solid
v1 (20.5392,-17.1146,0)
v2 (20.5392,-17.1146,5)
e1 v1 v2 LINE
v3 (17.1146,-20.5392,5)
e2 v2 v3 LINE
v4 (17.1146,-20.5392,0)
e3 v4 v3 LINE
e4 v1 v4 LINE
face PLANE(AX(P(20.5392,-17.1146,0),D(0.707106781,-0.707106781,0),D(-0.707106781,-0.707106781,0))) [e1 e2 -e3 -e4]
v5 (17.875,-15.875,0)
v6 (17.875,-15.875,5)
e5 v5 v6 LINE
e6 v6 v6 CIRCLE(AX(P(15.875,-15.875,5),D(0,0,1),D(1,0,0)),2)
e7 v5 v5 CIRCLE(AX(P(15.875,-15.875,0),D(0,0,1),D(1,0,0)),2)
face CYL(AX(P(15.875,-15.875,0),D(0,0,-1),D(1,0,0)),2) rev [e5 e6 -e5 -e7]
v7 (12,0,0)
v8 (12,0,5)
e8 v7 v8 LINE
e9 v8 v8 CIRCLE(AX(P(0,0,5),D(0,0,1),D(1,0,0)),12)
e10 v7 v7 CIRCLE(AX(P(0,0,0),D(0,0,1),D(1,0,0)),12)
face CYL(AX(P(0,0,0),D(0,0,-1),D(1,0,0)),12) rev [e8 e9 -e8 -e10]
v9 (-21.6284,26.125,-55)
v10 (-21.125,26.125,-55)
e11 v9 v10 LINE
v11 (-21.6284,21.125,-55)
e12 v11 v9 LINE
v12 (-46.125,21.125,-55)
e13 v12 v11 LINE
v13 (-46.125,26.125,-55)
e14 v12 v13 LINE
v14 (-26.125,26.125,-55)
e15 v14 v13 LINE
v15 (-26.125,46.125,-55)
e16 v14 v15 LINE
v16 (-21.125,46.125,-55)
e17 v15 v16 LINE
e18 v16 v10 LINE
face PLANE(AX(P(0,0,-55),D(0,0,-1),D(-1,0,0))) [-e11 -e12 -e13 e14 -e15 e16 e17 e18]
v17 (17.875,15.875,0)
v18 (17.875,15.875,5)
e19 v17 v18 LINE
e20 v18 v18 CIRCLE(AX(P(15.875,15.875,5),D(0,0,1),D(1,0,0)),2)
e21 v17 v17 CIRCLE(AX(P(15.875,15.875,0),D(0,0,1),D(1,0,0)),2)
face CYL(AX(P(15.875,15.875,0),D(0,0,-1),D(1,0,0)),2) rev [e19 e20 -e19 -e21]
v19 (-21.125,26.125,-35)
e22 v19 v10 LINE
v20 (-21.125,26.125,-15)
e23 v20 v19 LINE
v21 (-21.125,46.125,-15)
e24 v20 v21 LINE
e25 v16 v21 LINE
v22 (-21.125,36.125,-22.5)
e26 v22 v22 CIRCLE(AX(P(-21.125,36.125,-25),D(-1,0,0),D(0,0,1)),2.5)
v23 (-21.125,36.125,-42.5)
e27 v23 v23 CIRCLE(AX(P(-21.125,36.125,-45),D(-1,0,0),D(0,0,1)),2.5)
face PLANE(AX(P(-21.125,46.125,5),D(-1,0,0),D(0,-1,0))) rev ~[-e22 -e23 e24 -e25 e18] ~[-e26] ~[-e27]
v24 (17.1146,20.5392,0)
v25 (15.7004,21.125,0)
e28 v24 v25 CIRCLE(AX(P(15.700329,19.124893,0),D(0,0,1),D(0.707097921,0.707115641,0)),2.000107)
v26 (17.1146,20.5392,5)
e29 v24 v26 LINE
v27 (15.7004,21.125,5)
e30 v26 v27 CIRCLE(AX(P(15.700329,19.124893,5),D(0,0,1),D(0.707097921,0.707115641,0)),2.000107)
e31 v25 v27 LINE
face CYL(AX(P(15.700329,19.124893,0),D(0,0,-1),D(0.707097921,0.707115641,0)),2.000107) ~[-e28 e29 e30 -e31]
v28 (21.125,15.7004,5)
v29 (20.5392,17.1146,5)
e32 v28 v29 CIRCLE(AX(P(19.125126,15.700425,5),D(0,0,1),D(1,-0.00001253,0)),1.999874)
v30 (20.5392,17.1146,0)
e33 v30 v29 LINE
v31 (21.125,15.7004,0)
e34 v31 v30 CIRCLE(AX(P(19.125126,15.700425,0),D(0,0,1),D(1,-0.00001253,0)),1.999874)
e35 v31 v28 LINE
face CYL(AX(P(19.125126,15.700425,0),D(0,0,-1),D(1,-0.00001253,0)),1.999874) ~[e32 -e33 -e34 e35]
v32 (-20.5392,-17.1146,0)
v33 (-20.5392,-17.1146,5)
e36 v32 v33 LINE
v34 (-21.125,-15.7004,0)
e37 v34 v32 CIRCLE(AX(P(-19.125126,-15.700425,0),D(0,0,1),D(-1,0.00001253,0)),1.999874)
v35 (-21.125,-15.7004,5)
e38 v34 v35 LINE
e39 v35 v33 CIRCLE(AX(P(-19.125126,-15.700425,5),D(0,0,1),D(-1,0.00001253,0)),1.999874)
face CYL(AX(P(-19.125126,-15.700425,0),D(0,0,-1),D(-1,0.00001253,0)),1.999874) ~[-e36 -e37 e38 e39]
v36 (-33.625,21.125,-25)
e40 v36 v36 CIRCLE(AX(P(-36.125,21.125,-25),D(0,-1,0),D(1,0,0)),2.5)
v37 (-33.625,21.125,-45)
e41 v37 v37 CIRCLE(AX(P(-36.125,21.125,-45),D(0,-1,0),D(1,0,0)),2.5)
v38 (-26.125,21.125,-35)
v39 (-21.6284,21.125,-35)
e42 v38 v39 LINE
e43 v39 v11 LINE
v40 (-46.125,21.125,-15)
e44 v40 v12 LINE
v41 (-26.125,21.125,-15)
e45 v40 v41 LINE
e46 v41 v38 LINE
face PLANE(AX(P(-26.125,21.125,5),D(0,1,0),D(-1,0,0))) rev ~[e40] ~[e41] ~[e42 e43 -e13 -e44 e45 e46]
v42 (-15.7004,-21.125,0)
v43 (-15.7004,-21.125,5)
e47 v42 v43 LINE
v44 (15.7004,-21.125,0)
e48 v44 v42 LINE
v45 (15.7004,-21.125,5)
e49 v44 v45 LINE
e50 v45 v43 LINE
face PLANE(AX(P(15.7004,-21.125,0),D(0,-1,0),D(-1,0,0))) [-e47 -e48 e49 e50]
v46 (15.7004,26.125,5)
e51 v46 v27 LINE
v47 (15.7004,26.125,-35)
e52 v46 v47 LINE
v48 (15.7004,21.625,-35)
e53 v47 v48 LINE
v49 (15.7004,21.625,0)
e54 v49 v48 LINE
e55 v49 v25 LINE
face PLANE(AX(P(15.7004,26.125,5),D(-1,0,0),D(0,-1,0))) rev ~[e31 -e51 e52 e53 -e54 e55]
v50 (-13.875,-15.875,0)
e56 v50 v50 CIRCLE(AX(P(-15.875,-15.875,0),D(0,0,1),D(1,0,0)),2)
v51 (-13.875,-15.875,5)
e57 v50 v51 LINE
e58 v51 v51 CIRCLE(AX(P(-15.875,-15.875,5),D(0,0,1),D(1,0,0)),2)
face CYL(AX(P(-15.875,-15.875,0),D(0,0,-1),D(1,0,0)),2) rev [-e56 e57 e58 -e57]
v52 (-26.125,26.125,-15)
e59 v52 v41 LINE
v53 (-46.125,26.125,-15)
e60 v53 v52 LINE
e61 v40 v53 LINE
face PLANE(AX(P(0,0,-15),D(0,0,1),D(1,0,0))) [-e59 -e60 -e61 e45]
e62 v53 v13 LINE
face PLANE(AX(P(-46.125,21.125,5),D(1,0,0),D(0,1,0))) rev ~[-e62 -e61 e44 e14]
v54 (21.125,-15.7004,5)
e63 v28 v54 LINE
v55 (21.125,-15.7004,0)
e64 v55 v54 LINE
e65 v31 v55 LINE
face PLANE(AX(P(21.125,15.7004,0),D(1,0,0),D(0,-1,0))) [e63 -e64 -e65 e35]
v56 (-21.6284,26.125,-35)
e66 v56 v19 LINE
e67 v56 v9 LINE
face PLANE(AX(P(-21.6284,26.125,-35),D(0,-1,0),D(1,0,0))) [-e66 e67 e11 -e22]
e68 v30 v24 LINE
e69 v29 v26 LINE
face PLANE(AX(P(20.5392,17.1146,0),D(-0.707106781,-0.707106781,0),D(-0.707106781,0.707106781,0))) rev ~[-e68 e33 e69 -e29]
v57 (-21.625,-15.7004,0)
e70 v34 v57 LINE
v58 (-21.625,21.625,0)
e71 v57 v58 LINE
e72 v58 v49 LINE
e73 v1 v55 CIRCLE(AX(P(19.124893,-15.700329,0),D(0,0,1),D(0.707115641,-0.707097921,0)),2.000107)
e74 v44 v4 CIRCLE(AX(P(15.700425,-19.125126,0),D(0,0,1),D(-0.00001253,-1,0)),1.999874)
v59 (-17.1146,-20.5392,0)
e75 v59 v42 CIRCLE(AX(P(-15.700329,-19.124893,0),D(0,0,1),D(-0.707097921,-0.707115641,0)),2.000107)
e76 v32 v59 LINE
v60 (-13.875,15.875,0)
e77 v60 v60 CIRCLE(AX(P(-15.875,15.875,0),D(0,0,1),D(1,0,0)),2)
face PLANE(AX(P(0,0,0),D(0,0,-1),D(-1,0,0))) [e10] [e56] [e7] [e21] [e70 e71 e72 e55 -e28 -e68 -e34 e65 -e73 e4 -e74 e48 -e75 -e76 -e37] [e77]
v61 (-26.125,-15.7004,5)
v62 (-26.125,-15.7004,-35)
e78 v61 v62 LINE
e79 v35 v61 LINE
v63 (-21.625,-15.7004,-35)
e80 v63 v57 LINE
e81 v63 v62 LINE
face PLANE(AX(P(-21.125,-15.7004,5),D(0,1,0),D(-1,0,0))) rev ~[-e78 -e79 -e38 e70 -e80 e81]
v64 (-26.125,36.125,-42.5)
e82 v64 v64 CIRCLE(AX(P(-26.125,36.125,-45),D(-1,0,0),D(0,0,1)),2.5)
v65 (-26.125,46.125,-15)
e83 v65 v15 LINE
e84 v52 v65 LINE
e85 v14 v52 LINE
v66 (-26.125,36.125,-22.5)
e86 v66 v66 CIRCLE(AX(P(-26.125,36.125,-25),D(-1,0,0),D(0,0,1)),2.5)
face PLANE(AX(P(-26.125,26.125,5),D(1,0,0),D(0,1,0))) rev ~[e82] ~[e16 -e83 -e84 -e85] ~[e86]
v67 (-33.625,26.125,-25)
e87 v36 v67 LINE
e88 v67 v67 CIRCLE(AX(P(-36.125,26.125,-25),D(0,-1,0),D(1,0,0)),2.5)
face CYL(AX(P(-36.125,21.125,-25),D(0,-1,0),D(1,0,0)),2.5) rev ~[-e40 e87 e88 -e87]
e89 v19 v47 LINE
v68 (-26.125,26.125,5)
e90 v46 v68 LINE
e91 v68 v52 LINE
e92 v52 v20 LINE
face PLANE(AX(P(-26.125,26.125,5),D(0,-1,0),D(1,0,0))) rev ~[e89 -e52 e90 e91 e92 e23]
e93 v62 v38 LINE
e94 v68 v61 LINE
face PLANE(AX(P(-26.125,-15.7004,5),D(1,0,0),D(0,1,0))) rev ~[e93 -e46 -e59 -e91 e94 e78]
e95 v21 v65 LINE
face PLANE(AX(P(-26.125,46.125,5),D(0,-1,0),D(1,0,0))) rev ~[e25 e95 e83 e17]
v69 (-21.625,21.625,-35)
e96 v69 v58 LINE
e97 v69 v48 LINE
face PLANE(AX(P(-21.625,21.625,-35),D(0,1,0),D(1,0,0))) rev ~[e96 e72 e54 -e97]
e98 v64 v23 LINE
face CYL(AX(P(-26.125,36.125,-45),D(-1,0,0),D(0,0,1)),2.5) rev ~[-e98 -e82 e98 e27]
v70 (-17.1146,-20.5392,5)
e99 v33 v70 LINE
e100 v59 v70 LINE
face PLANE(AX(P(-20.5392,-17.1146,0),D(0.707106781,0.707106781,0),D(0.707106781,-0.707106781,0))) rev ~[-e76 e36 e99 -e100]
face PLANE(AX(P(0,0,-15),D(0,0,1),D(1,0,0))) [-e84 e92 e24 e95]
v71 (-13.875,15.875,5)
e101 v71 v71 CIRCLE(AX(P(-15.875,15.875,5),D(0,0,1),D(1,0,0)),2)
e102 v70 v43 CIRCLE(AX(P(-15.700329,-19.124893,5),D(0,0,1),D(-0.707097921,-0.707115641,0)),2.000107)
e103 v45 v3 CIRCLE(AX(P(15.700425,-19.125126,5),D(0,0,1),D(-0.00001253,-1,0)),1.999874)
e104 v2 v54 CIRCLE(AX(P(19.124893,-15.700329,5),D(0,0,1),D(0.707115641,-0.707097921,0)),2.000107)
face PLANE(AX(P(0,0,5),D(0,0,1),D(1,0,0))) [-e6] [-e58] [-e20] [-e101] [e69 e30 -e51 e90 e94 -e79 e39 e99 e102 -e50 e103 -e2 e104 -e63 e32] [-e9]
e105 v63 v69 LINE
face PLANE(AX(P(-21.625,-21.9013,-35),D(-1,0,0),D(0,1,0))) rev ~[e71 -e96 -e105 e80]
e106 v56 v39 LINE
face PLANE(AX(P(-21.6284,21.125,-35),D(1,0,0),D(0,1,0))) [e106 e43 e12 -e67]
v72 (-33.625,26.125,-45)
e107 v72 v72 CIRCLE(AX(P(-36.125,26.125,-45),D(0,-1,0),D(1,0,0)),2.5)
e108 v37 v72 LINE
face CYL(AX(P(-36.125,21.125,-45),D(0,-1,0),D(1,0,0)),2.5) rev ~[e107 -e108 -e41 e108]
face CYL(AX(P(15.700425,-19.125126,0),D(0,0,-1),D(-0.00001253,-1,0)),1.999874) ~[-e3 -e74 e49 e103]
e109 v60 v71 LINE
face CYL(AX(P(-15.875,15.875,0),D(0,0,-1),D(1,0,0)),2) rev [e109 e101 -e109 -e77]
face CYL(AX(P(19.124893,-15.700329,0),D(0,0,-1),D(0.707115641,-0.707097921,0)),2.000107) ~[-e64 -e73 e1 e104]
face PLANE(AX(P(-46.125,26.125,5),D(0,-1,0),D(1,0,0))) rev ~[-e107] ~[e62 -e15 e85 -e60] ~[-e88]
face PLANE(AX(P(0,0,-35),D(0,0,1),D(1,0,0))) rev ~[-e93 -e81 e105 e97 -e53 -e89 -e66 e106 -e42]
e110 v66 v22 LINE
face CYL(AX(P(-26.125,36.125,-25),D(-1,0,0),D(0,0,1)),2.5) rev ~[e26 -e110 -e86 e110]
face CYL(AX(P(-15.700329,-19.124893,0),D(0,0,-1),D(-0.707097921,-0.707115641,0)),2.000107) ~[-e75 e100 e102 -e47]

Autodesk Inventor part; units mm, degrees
ref_plane "YZ Plane" through (0, 0, 0) normal (1, 0, 0) x (0, 1, 0)
ref_plane "XZ Plane" through (0, 0, 0) normal (0, 1, 0) x (-1, 0, 0)
ref_plane "XY Plane" through (0, 0, 0) normal (0, 0, 1) x (1, 0, 0)
sketch "Sketch1" plane through (0, 0, 0) normal (0, 0, 1) x (1, 0, 0)
  arc A0 (-20.5392, 17.1146) -> (-21.125, 15.7004) centre (-19.125, 15.7004) ccw projected
  line L0 (-21.125, -15.7004) -> (-21.125, 15.7004) projected
  arc A1 (-21.125, -15.7004) -> (-20.5392, -17.1146) centre (-19.125, -15.7004) ccw projected
  line L1 (-20.5392, -17.1146) -> (-17.1146, -20.5392) projected
  arc A2 (-17.1146, -20.5392) -> (-15.7004, -21.125) centre (-15.7004, -19.125) ccw projected
  line L2 (15.7004, -21.125) -> (-15.7004, -21.125) projected
  arc A3 (15.7004, -21.125) -> (17.1146, -20.5392) centre (15.7004, -19.125) ccw projected
  line L3 (20.5392, -17.1146) -> (17.1146, -20.5392) projected
  arc A4 (20.5392, -17.1146) -> (21.125, -15.7004) centre (19.125, -15.7004) ccw projected
  line L4 (21.125, 15.7004) -> (21.125, -15.7004) projected
  arc A5 (21.125, 15.7004) -> (20.5392, 17.1146) centre (19.125, 15.7004) ccw projected
  line L5 (20.5392, 17.1146) -> (17.1146, 20.5392) projected
  arc A6 (17.1146, 20.5392) -> (15.7004, 21.125) centre (15.7004, 19.125) ccw projected
  line L6 (-15.7004, 21.125) -> (15.7004, 21.125) projected
  arc A7 (-15.7004, 21.125) -> (-17.1146, 20.5392) centre (-15.7004, 19.125) ccw projected
  line L7 (-20.5392, 17.1146) -> (-17.1146, 20.5392) projected
  circle A8 centre (0, 0) radius 16 projected
  circle A9 centre (-15.875, -15.875) radius 1.625 projected
  circle A10 centre (15.875, 15.875) radius 1.625 projected
  circle A11 centre (-15.875, 15.875) radius 1.625 projected
  circle A12 centre (15.875, -15.875) radius 1.625 projected
  circle A13 centre (0, 0) radius 12
  circle A14 centre (-15.875, 15.875) radius 2
  circle A15 centre (15.875, 15.875) radius 2
  circle A16 centre (15.875, -15.875) radius 2
  circle A17 centre (-15.875, -15.875) radius 2
  point P0 (0, 0)
  dimension "d0" = 24
  dimension "d1" = 4
  dimension "d2" = 4
  dimension "d3" = 4
  dimension "d4" = 4
extrude "Extrusion1" add sketch "Sketch1" along normal blind 5 contours L7 A7 L6 A6 L5 A5 L4 A4 L3 A3 L2 A2 L1 A1 L0 A0 | A8
sketch "Sketch3" plane through (0, 0, 5) normal (0, 0, 1) x (1, 0, 0)
  line L0 (-15.7004, 21.125) -> (15.7004, 21.125) projected
  line L1 (15.7004, 21.125) -> (-46.125, 21.125)
  line L2 (-46.125, 21.125) -> (-46.125, 26.125)
  line L3 (-46.125, 26.125) -> (15.7004, 26.125)
  line L4 (15.7004, 26.125) -> (15.7004, 21.125)
  line L5 (-21.125, 15.7004) -> (-21.125, -15.7004) projected
  line L6 (-21.125, -15.7004) -> (-26.125, -15.7004)
  line L7 (-26.125, -15.7004) -> (-26.125, 46.125)
  line L8 (-26.125, 46.125) -> (-21.125, 46.125)
  line L9 (-21.125, 46.125) -> (-21.125, -15.7004)
  point P0 (0, 0)
  dimension "d11" = 5
  dimension "d12" = 5
  dimension "d13" = 20
  dimension "d14" = 20
extrude "Extrusion3" add sketch "Sketch3" against normal blind 40
sketch "Sketch4" plane through (0, 0, 5) normal (0, 0, 1) x (1, 0, 0)
  arc A0 (-15.7004, 21.125) -> (-17.1146, 20.5392) centre (-15.7004, 19.125) ccw projected
  line L0 (-17.1146, 20.5392) -> (-20.5392, 17.1146) projected
  arc A1 (-20.5392, 17.1146) -> (-21.125, 15.7004) centre (-19.125, 15.7004) ccw projected
  line L1 (-21.125, 21.125) -> (-21.125, 15.7004) projected
  line L2 (-15.7004, 21.125) -> (-21.125, 21.125) projected
  circle A2 centre (0, 0) radius 12 projected
  circle A3 centre (-15.875, -15.875) radius 2 projected
  circle A4 centre (15.875, -15.875) radius 2 projected
  circle A5 centre (15.875, 15.875) radius 2 projected
  circle A6 centre (-15.875, 15.875) radius 2 projected
  line L3 (15.7004, 26.125) -> (15.7004, 21.125) projected
  line L4 (-21.125, 26.125) -> (15.7004, 26.125) projected
  line L5 (-21.125, 46.125) -> (-21.125, 26.125) projected
  line L6 (-26.125, 46.125) -> (-21.125, 46.125) projected
  line L7 (-26.125, 26.125) -> (-26.125, 46.125) projected
  line L8 (-46.125, 26.125) -> (-26.125, 26.125) projected
  line L9 (-46.125, 21.125) -> (-46.125, 26.125) projected
  line L10 (-26.125, 21.125) -> (-46.125, 21.125) projected
  line L11 (-26.125, -15.7004) -> (-26.125, 21.125) projected
  line L12 (-21.125, -15.7004) -> (-26.125, -15.7004) projected
  arc A7 (-21.125, -15.7004) -> (-20.5392, -17.1146) centre (-19.125, -15.7004) ccw projected
  line L13 (-20.5392, -17.1146) -> (-17.1146, -20.5392) projected
  arc A8 (-17.1146, -20.5392) -> (-15.7004, -21.125) centre (-15.7004, -19.125) ccw projected
  line L14 (-15.7004, -21.125) -> (15.7004, -21.125) projected
  arc A9 (15.7004, -21.125) -> (17.1146, -20.5392) centre (15.7004, -19.125) ccw projected
  line L15 (17.1146, -20.5392) -> (20.5392, -17.1146) projected
  arc A10 (20.5392, -17.1146) -> (21.125, -15.7004) centre (19.125, -15.7004) ccw projected
  line L16 (21.125, -15.7004) -> (21.125, 15.7004) projected
  arc A11 (21.125, 15.7004) -> (20.5392, 17.1146) centre (19.125, 15.7004) ccw projected
  line L17 (20.5392, 17.1146) -> (17.1146, 20.5392) projected
  arc A12 (17.1146, 20.5392) -> (15.7004, 21.125) centre (15.7004, 19.125) ccw projected
  point P0 (0, 0)
extrude "Extrusion4" add sketch "Sketch4" against normal blind 5 contours A0 L0 A1 L1 L2
sketch "Sketch11" plane through (0, 0, 5) normal (0, 0, 1) x (1, 0, 0)
  line L0 (-26.125, 26.125) -> (-26.125, 46.125) projected
  line L1 (-26.125, 26.125) -> (-13.6996, 26.125)
  line L2 (-13.6996, 26.125) -> (-13.6996, 46.125)
  line L3 (-13.6996, 46.125) -> (-26.125, 46.125)
  line L4 (-26.125, 46.125) -> (-26.125, 26.125)
  line L5 (-46.125, 21.125) -> (-46.125, 26.125) projected
  line L6 (-46.125, 26.125) -> (-26.125, 26.125)
  line L7 (-26.125, 26.125) -> (-26.125, 13.3287)
  line L8 (-26.125, 13.3287) -> (-46.125, 13.3287)
  line L9 (-46.125, 13.3287) -> (-46.125, 26.125)
  point P0 (0, 0)
extrude "Extrusion9" cut sketch "Sketch11" against normal blind 20
sketch "Sketch7" plane through (0, 0, -35) normal (0, 0, -1) x (-1, 0, 0)
  line L0 (21.625, 21.625) -> (-23.2924, 21.625)
  line L1 (-23.2924, 21.625) -> (-23.2924, -21.9013)
  line L2 (-23.2924, -21.9013) -> (21.625, -21.9013)
  line L3 (21.625, -21.9013) -> (21.625, 21.625)
  line L4 (-15.7004, 21.125) -> (21.125, 21.125) projected
  line L5 (21.125, 21.125) -> (21.125, -15.7004) projected
  point P0 (0, 0)
  dimension "d35" = 0.5
  dimension "d36" = 0.5
extrude "Extrusion7" cut sketch "Sketch7" against normal blind 35
sketch "Sketch12" plane through (0, 0, -35) normal (0, 0, -1) x (-1, 0, 0)
  line L0 (46.125, 21.125) -> (46.125, 26.125) projected
  line L1 (26.125, 26.125) -> (-15.7004, 26.125) projected
  line L2 (46.125, 21.125) -> (21.6284, 21.125)
  line L3 (21.6284, 21.125) -> (21.6284, 26.125)
  line L4 (21.6284, 26.125) -> (46.125, 26.125)
  line L5 (46.125, 26.125) -> (46.125, 21.125)
  line L6 (26.125, 46.125) -> (21.125, 46.125) projected
  line L7 (-15.7004, 21.625) -> (21.625, 21.625) projected
  line L8 (26.125, 46.125) -> (21.125, 46.125)
  line L9 (21.125, 46.125) -> (21.125, 21.625)
  line L10 (21.125, 21.625) -> (26.125, 21.625)
  line L11 (26.125, 21.625) -> (26.125, 46.125)
  point P0 (0, 0)
  point P1 (21.125, 26.125)
  dimension "d54" = 5
  dimension "d55" = 5
  dimension "d56" = 4.5
  dimension "d57" = 0.5
extrude "Extrusion10" add sketch "Sketch12" along normal blind 20 contours L2 L3 L10 L11 L4 L0 | L11 L10 L3 L1 | L1 L9 L6 L11
sketch "Sketch13" plane through (-46.125, 21.125, -15) normal (0, -1, 0) x (1, 0, 0)
  circle A0 centre (10, -30) radius 2.5
  circle A1 centre (10, -10) radius 2.5
  line L0 (24.4966, -40) -> (0, -40) projected
  line L1 (0, 0) -> (0, -40) projected
  point P0 (46.125, 15)
  dimension "d60" = 10
  dimension "d61" = 10
  dimension "d62" = 5
  dimension "d63" = 5
  dimension "d64" = 20
  dimension "d65" = 10
extrude "Extrusion11" cut sketch "Sketch13" against normal blind 20
sketch "Sketch14" plane through (-26.125, 26.125, -15) normal (-1, 0, 0) x (0, 0, 1)
  circle A0 centre (-10, 10) radius 2.5
  circle A1 centre (-30, 10) radius 2.5
  line L0 (0, 0) -> (0, 20) projected
  line L1 (0, 20) -> (-40, 20) projected
  point P0 (15, -26.125)
  dimension "d68" = 10
  dimension "d69" = 10
  dimension "d70" = 20
  dimension "d71" = 10
  dimension "d72" = 5
  dimension "d73" = 5
extrude "Extrusion12" cut sketch "Sketch14" against normal blind 20
equation "\"d36\" = d35"
properties part number "StepperXYHolder"
